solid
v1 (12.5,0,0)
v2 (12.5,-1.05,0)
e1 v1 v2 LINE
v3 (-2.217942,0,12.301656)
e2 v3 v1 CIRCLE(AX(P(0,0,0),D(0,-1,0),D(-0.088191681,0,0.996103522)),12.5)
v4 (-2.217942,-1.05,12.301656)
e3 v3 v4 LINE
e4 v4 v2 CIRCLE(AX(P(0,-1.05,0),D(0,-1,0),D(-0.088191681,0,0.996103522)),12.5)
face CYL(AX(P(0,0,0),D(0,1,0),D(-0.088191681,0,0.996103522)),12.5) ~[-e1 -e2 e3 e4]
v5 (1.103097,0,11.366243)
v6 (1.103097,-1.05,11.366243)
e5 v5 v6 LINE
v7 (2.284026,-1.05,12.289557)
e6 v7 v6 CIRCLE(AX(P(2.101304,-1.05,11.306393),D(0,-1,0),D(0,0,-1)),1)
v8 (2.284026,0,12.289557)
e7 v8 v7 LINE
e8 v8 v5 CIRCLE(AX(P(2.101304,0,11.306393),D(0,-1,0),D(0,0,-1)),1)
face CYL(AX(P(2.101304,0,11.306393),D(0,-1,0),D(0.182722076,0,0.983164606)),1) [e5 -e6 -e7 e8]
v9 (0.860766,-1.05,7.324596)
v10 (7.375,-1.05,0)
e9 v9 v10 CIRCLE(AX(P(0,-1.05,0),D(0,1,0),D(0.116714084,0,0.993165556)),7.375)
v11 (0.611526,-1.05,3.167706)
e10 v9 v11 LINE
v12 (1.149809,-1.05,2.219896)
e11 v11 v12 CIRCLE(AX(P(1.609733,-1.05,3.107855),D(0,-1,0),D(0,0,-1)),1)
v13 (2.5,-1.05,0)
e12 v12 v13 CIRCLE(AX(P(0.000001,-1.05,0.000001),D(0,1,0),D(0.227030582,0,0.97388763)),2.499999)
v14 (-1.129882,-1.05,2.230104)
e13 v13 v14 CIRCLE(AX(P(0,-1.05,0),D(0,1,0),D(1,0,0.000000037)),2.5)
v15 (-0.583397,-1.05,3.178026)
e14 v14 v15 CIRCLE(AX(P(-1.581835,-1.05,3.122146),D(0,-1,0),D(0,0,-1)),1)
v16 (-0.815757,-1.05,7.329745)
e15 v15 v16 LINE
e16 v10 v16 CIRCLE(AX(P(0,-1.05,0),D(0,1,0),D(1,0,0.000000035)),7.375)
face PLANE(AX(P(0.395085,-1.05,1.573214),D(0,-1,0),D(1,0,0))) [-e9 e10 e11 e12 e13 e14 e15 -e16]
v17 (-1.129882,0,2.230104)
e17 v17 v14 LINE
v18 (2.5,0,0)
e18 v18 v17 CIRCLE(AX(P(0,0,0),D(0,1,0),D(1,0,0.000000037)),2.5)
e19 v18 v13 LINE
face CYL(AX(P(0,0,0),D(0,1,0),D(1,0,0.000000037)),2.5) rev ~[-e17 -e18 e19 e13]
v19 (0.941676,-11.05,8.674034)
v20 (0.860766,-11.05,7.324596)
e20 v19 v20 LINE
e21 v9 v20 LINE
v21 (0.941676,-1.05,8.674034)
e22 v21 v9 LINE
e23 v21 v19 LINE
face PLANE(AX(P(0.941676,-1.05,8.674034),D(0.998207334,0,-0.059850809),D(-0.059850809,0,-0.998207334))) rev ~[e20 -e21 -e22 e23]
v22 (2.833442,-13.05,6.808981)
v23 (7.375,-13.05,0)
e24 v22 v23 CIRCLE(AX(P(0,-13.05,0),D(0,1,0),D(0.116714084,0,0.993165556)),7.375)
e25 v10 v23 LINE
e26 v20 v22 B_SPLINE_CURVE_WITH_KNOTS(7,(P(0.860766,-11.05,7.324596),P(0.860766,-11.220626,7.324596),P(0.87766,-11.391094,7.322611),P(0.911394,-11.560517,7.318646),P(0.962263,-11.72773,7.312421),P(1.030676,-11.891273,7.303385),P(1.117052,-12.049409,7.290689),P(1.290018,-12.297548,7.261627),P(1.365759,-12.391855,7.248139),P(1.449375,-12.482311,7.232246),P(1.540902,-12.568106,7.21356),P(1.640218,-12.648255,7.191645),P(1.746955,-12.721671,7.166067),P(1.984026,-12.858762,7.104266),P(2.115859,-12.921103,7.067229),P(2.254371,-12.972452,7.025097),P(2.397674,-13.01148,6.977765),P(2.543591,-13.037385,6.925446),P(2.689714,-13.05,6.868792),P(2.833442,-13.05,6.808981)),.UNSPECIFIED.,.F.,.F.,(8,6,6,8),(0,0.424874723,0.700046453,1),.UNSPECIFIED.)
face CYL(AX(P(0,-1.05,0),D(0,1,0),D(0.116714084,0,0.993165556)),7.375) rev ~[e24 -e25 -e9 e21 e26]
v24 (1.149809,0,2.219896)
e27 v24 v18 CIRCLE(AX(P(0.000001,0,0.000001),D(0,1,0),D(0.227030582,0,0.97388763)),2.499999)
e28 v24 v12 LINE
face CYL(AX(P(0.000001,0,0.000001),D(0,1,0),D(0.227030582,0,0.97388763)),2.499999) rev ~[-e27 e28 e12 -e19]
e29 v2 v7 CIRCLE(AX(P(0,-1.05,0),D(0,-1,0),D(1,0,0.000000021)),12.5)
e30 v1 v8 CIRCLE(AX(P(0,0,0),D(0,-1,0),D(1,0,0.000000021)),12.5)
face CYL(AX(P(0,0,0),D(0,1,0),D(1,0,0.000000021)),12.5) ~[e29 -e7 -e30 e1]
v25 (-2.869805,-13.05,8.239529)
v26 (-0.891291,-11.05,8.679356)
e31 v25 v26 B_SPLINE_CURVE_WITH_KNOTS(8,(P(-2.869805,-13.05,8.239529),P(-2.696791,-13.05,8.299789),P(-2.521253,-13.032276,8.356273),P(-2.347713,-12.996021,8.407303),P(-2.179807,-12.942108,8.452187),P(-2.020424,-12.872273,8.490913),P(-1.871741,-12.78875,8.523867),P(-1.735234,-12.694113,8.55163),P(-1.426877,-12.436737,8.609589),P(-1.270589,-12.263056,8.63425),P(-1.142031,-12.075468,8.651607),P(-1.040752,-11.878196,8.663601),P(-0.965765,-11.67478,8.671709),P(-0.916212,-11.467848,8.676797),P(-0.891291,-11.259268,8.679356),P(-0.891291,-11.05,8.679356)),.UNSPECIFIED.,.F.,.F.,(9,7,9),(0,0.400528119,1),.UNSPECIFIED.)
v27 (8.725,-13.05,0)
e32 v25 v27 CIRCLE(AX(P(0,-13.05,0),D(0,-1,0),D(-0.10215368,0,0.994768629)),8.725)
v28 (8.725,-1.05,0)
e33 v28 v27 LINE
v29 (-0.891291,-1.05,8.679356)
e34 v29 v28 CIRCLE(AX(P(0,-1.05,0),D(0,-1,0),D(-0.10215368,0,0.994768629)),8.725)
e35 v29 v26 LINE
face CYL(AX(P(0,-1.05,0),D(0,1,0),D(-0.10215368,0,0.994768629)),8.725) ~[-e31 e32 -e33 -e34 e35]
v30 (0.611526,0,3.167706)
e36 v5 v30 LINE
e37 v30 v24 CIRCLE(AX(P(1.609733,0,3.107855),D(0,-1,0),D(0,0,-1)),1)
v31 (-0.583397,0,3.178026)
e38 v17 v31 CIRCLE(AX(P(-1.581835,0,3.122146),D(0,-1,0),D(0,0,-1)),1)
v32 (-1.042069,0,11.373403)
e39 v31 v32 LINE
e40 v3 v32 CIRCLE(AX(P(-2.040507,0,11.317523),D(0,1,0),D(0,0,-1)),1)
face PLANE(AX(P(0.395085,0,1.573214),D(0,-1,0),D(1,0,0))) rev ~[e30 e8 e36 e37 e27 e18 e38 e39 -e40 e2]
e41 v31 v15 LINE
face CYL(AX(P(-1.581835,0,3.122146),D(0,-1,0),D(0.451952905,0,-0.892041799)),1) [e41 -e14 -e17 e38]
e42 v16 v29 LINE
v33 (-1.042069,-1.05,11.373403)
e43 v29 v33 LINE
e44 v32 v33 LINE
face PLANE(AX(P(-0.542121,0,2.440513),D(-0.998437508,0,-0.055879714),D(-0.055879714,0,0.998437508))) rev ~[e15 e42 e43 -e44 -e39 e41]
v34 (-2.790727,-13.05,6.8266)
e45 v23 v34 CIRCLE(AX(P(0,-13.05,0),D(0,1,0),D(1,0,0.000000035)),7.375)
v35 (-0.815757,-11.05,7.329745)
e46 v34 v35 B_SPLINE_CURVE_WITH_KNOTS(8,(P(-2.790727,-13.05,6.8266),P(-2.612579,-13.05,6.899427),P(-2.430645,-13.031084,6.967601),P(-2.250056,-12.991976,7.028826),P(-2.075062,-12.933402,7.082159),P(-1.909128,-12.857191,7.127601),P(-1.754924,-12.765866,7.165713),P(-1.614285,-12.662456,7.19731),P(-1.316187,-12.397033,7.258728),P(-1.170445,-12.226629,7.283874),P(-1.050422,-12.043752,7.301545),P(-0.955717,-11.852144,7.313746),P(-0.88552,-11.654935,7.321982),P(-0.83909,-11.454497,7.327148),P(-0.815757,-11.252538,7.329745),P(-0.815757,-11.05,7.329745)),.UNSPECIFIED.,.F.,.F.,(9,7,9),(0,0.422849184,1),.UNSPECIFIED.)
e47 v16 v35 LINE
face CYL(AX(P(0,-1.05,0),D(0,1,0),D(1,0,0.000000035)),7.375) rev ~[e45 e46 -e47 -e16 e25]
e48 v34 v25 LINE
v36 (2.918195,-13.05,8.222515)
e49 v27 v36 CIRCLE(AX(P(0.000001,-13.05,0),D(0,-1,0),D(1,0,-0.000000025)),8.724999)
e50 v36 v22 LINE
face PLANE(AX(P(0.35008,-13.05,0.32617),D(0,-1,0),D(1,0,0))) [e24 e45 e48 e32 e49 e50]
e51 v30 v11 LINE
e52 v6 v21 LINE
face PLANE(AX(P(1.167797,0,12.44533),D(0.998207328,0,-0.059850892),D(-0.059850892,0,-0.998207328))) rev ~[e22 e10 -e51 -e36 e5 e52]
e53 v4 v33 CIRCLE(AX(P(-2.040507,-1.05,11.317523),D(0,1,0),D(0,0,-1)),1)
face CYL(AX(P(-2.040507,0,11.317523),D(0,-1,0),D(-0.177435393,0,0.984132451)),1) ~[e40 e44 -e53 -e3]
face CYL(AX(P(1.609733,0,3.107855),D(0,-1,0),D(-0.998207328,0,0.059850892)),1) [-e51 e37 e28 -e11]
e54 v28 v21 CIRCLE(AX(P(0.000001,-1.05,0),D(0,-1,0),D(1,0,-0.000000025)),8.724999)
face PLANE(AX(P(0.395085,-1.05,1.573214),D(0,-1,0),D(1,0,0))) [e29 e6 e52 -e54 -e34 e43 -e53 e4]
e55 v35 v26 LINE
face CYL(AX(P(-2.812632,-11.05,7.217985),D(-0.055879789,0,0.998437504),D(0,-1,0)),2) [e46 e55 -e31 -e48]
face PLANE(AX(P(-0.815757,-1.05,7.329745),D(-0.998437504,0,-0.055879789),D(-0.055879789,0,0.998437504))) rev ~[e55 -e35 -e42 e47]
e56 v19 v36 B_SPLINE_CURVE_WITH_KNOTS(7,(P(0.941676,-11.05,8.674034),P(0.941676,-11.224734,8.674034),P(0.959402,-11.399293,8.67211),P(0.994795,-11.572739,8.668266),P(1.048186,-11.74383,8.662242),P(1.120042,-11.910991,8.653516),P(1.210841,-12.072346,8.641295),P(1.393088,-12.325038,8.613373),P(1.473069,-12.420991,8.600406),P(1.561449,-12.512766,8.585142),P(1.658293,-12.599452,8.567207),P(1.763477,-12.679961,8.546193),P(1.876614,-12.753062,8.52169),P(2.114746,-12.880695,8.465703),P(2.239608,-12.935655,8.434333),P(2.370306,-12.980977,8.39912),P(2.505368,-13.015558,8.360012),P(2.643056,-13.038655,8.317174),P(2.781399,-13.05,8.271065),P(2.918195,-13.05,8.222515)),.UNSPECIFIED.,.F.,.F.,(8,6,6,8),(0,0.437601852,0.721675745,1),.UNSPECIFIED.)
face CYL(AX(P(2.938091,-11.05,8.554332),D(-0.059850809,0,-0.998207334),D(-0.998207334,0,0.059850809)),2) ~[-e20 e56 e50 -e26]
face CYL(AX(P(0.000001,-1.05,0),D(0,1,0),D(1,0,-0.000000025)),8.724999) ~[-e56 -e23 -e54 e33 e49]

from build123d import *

# Parameters (mm, degrees)
F1_DEPTH = 1.05
F2_R     = 1
F4_DEPTH = 12
F5_R     = 2


with BuildPart() as f1:
    # F0 (on Front) → F1 (new body)
    with BuildSketch(Plane.XZ):
        with BuildLine():
            ThreePointArc((-1.102396, 12.451294), (-8.440085, -9.220356), (12.5, 0))
            ThreePointArc((12.5, 0), (9.242496, 8.415834), (1.167797, 12.44533))
            Line((1.167797, 12.44533), (0.567577, 2.434719))
            ThreePointArc((0.567577, 2.434719), (1.958181, 1.554197), (2.5, 0))
            ThreePointArc((2.5, 0), (-1.5644, -1.950039), (-0.542121, 2.440513))
            Line((-0.542121, 2.440513), (-1.102396, 12.451294))
        make_face()
    extrude(amount=F1_DEPTH)

    # F2
    f2_edges = [f1.edges().sort_by_distance(p)[0] for p in [
        (-1.102396, -0.525, 12.451294),
        (1.167797, -0.525, 12.44533),
        (-0.542121, -0.525, 2.440513),
        (0.567577, -0.525, 2.434719),
    ]]
    fillet(f2_edges, radius=F2_R)

    # F3 (on face) → F4 (join)
    with BuildSketch(Plane.XZ.offset(1.05)):
        with BuildLine():
            ThreePointArc((0.860766, 7.324596), (5.510843, 4.901146), (7.375, 0))
            ThreePointArc((7.375, 0), (-4.918049, -5.495764), (-0.815757, 7.329745))
            Line((-0.815757, 7.329745), (-0.891291, 8.679356))
            ThreePointArc((-0.891291, 8.679356), (-5.845901, -6.476965), (8.725, 0))
            ThreePointArc((8.725, 0), (6.493911, 5.82707), (0.941676, 8.674034))
            Line((0.941676, 8.674034), (0.860766, 7.324596))
        make_face()
    extrude(amount=F4_DEPTH)

    # F5
    f5_edges = [f1.edges().sort_by_distance(p)[0] for p in [
        (-0.853524, -13.05, 8.004551),
        (0.901221, -13.05, 7.999315),
    ]]
    fillet(f5_edges, radius=F5_R)


solid = f1.part
